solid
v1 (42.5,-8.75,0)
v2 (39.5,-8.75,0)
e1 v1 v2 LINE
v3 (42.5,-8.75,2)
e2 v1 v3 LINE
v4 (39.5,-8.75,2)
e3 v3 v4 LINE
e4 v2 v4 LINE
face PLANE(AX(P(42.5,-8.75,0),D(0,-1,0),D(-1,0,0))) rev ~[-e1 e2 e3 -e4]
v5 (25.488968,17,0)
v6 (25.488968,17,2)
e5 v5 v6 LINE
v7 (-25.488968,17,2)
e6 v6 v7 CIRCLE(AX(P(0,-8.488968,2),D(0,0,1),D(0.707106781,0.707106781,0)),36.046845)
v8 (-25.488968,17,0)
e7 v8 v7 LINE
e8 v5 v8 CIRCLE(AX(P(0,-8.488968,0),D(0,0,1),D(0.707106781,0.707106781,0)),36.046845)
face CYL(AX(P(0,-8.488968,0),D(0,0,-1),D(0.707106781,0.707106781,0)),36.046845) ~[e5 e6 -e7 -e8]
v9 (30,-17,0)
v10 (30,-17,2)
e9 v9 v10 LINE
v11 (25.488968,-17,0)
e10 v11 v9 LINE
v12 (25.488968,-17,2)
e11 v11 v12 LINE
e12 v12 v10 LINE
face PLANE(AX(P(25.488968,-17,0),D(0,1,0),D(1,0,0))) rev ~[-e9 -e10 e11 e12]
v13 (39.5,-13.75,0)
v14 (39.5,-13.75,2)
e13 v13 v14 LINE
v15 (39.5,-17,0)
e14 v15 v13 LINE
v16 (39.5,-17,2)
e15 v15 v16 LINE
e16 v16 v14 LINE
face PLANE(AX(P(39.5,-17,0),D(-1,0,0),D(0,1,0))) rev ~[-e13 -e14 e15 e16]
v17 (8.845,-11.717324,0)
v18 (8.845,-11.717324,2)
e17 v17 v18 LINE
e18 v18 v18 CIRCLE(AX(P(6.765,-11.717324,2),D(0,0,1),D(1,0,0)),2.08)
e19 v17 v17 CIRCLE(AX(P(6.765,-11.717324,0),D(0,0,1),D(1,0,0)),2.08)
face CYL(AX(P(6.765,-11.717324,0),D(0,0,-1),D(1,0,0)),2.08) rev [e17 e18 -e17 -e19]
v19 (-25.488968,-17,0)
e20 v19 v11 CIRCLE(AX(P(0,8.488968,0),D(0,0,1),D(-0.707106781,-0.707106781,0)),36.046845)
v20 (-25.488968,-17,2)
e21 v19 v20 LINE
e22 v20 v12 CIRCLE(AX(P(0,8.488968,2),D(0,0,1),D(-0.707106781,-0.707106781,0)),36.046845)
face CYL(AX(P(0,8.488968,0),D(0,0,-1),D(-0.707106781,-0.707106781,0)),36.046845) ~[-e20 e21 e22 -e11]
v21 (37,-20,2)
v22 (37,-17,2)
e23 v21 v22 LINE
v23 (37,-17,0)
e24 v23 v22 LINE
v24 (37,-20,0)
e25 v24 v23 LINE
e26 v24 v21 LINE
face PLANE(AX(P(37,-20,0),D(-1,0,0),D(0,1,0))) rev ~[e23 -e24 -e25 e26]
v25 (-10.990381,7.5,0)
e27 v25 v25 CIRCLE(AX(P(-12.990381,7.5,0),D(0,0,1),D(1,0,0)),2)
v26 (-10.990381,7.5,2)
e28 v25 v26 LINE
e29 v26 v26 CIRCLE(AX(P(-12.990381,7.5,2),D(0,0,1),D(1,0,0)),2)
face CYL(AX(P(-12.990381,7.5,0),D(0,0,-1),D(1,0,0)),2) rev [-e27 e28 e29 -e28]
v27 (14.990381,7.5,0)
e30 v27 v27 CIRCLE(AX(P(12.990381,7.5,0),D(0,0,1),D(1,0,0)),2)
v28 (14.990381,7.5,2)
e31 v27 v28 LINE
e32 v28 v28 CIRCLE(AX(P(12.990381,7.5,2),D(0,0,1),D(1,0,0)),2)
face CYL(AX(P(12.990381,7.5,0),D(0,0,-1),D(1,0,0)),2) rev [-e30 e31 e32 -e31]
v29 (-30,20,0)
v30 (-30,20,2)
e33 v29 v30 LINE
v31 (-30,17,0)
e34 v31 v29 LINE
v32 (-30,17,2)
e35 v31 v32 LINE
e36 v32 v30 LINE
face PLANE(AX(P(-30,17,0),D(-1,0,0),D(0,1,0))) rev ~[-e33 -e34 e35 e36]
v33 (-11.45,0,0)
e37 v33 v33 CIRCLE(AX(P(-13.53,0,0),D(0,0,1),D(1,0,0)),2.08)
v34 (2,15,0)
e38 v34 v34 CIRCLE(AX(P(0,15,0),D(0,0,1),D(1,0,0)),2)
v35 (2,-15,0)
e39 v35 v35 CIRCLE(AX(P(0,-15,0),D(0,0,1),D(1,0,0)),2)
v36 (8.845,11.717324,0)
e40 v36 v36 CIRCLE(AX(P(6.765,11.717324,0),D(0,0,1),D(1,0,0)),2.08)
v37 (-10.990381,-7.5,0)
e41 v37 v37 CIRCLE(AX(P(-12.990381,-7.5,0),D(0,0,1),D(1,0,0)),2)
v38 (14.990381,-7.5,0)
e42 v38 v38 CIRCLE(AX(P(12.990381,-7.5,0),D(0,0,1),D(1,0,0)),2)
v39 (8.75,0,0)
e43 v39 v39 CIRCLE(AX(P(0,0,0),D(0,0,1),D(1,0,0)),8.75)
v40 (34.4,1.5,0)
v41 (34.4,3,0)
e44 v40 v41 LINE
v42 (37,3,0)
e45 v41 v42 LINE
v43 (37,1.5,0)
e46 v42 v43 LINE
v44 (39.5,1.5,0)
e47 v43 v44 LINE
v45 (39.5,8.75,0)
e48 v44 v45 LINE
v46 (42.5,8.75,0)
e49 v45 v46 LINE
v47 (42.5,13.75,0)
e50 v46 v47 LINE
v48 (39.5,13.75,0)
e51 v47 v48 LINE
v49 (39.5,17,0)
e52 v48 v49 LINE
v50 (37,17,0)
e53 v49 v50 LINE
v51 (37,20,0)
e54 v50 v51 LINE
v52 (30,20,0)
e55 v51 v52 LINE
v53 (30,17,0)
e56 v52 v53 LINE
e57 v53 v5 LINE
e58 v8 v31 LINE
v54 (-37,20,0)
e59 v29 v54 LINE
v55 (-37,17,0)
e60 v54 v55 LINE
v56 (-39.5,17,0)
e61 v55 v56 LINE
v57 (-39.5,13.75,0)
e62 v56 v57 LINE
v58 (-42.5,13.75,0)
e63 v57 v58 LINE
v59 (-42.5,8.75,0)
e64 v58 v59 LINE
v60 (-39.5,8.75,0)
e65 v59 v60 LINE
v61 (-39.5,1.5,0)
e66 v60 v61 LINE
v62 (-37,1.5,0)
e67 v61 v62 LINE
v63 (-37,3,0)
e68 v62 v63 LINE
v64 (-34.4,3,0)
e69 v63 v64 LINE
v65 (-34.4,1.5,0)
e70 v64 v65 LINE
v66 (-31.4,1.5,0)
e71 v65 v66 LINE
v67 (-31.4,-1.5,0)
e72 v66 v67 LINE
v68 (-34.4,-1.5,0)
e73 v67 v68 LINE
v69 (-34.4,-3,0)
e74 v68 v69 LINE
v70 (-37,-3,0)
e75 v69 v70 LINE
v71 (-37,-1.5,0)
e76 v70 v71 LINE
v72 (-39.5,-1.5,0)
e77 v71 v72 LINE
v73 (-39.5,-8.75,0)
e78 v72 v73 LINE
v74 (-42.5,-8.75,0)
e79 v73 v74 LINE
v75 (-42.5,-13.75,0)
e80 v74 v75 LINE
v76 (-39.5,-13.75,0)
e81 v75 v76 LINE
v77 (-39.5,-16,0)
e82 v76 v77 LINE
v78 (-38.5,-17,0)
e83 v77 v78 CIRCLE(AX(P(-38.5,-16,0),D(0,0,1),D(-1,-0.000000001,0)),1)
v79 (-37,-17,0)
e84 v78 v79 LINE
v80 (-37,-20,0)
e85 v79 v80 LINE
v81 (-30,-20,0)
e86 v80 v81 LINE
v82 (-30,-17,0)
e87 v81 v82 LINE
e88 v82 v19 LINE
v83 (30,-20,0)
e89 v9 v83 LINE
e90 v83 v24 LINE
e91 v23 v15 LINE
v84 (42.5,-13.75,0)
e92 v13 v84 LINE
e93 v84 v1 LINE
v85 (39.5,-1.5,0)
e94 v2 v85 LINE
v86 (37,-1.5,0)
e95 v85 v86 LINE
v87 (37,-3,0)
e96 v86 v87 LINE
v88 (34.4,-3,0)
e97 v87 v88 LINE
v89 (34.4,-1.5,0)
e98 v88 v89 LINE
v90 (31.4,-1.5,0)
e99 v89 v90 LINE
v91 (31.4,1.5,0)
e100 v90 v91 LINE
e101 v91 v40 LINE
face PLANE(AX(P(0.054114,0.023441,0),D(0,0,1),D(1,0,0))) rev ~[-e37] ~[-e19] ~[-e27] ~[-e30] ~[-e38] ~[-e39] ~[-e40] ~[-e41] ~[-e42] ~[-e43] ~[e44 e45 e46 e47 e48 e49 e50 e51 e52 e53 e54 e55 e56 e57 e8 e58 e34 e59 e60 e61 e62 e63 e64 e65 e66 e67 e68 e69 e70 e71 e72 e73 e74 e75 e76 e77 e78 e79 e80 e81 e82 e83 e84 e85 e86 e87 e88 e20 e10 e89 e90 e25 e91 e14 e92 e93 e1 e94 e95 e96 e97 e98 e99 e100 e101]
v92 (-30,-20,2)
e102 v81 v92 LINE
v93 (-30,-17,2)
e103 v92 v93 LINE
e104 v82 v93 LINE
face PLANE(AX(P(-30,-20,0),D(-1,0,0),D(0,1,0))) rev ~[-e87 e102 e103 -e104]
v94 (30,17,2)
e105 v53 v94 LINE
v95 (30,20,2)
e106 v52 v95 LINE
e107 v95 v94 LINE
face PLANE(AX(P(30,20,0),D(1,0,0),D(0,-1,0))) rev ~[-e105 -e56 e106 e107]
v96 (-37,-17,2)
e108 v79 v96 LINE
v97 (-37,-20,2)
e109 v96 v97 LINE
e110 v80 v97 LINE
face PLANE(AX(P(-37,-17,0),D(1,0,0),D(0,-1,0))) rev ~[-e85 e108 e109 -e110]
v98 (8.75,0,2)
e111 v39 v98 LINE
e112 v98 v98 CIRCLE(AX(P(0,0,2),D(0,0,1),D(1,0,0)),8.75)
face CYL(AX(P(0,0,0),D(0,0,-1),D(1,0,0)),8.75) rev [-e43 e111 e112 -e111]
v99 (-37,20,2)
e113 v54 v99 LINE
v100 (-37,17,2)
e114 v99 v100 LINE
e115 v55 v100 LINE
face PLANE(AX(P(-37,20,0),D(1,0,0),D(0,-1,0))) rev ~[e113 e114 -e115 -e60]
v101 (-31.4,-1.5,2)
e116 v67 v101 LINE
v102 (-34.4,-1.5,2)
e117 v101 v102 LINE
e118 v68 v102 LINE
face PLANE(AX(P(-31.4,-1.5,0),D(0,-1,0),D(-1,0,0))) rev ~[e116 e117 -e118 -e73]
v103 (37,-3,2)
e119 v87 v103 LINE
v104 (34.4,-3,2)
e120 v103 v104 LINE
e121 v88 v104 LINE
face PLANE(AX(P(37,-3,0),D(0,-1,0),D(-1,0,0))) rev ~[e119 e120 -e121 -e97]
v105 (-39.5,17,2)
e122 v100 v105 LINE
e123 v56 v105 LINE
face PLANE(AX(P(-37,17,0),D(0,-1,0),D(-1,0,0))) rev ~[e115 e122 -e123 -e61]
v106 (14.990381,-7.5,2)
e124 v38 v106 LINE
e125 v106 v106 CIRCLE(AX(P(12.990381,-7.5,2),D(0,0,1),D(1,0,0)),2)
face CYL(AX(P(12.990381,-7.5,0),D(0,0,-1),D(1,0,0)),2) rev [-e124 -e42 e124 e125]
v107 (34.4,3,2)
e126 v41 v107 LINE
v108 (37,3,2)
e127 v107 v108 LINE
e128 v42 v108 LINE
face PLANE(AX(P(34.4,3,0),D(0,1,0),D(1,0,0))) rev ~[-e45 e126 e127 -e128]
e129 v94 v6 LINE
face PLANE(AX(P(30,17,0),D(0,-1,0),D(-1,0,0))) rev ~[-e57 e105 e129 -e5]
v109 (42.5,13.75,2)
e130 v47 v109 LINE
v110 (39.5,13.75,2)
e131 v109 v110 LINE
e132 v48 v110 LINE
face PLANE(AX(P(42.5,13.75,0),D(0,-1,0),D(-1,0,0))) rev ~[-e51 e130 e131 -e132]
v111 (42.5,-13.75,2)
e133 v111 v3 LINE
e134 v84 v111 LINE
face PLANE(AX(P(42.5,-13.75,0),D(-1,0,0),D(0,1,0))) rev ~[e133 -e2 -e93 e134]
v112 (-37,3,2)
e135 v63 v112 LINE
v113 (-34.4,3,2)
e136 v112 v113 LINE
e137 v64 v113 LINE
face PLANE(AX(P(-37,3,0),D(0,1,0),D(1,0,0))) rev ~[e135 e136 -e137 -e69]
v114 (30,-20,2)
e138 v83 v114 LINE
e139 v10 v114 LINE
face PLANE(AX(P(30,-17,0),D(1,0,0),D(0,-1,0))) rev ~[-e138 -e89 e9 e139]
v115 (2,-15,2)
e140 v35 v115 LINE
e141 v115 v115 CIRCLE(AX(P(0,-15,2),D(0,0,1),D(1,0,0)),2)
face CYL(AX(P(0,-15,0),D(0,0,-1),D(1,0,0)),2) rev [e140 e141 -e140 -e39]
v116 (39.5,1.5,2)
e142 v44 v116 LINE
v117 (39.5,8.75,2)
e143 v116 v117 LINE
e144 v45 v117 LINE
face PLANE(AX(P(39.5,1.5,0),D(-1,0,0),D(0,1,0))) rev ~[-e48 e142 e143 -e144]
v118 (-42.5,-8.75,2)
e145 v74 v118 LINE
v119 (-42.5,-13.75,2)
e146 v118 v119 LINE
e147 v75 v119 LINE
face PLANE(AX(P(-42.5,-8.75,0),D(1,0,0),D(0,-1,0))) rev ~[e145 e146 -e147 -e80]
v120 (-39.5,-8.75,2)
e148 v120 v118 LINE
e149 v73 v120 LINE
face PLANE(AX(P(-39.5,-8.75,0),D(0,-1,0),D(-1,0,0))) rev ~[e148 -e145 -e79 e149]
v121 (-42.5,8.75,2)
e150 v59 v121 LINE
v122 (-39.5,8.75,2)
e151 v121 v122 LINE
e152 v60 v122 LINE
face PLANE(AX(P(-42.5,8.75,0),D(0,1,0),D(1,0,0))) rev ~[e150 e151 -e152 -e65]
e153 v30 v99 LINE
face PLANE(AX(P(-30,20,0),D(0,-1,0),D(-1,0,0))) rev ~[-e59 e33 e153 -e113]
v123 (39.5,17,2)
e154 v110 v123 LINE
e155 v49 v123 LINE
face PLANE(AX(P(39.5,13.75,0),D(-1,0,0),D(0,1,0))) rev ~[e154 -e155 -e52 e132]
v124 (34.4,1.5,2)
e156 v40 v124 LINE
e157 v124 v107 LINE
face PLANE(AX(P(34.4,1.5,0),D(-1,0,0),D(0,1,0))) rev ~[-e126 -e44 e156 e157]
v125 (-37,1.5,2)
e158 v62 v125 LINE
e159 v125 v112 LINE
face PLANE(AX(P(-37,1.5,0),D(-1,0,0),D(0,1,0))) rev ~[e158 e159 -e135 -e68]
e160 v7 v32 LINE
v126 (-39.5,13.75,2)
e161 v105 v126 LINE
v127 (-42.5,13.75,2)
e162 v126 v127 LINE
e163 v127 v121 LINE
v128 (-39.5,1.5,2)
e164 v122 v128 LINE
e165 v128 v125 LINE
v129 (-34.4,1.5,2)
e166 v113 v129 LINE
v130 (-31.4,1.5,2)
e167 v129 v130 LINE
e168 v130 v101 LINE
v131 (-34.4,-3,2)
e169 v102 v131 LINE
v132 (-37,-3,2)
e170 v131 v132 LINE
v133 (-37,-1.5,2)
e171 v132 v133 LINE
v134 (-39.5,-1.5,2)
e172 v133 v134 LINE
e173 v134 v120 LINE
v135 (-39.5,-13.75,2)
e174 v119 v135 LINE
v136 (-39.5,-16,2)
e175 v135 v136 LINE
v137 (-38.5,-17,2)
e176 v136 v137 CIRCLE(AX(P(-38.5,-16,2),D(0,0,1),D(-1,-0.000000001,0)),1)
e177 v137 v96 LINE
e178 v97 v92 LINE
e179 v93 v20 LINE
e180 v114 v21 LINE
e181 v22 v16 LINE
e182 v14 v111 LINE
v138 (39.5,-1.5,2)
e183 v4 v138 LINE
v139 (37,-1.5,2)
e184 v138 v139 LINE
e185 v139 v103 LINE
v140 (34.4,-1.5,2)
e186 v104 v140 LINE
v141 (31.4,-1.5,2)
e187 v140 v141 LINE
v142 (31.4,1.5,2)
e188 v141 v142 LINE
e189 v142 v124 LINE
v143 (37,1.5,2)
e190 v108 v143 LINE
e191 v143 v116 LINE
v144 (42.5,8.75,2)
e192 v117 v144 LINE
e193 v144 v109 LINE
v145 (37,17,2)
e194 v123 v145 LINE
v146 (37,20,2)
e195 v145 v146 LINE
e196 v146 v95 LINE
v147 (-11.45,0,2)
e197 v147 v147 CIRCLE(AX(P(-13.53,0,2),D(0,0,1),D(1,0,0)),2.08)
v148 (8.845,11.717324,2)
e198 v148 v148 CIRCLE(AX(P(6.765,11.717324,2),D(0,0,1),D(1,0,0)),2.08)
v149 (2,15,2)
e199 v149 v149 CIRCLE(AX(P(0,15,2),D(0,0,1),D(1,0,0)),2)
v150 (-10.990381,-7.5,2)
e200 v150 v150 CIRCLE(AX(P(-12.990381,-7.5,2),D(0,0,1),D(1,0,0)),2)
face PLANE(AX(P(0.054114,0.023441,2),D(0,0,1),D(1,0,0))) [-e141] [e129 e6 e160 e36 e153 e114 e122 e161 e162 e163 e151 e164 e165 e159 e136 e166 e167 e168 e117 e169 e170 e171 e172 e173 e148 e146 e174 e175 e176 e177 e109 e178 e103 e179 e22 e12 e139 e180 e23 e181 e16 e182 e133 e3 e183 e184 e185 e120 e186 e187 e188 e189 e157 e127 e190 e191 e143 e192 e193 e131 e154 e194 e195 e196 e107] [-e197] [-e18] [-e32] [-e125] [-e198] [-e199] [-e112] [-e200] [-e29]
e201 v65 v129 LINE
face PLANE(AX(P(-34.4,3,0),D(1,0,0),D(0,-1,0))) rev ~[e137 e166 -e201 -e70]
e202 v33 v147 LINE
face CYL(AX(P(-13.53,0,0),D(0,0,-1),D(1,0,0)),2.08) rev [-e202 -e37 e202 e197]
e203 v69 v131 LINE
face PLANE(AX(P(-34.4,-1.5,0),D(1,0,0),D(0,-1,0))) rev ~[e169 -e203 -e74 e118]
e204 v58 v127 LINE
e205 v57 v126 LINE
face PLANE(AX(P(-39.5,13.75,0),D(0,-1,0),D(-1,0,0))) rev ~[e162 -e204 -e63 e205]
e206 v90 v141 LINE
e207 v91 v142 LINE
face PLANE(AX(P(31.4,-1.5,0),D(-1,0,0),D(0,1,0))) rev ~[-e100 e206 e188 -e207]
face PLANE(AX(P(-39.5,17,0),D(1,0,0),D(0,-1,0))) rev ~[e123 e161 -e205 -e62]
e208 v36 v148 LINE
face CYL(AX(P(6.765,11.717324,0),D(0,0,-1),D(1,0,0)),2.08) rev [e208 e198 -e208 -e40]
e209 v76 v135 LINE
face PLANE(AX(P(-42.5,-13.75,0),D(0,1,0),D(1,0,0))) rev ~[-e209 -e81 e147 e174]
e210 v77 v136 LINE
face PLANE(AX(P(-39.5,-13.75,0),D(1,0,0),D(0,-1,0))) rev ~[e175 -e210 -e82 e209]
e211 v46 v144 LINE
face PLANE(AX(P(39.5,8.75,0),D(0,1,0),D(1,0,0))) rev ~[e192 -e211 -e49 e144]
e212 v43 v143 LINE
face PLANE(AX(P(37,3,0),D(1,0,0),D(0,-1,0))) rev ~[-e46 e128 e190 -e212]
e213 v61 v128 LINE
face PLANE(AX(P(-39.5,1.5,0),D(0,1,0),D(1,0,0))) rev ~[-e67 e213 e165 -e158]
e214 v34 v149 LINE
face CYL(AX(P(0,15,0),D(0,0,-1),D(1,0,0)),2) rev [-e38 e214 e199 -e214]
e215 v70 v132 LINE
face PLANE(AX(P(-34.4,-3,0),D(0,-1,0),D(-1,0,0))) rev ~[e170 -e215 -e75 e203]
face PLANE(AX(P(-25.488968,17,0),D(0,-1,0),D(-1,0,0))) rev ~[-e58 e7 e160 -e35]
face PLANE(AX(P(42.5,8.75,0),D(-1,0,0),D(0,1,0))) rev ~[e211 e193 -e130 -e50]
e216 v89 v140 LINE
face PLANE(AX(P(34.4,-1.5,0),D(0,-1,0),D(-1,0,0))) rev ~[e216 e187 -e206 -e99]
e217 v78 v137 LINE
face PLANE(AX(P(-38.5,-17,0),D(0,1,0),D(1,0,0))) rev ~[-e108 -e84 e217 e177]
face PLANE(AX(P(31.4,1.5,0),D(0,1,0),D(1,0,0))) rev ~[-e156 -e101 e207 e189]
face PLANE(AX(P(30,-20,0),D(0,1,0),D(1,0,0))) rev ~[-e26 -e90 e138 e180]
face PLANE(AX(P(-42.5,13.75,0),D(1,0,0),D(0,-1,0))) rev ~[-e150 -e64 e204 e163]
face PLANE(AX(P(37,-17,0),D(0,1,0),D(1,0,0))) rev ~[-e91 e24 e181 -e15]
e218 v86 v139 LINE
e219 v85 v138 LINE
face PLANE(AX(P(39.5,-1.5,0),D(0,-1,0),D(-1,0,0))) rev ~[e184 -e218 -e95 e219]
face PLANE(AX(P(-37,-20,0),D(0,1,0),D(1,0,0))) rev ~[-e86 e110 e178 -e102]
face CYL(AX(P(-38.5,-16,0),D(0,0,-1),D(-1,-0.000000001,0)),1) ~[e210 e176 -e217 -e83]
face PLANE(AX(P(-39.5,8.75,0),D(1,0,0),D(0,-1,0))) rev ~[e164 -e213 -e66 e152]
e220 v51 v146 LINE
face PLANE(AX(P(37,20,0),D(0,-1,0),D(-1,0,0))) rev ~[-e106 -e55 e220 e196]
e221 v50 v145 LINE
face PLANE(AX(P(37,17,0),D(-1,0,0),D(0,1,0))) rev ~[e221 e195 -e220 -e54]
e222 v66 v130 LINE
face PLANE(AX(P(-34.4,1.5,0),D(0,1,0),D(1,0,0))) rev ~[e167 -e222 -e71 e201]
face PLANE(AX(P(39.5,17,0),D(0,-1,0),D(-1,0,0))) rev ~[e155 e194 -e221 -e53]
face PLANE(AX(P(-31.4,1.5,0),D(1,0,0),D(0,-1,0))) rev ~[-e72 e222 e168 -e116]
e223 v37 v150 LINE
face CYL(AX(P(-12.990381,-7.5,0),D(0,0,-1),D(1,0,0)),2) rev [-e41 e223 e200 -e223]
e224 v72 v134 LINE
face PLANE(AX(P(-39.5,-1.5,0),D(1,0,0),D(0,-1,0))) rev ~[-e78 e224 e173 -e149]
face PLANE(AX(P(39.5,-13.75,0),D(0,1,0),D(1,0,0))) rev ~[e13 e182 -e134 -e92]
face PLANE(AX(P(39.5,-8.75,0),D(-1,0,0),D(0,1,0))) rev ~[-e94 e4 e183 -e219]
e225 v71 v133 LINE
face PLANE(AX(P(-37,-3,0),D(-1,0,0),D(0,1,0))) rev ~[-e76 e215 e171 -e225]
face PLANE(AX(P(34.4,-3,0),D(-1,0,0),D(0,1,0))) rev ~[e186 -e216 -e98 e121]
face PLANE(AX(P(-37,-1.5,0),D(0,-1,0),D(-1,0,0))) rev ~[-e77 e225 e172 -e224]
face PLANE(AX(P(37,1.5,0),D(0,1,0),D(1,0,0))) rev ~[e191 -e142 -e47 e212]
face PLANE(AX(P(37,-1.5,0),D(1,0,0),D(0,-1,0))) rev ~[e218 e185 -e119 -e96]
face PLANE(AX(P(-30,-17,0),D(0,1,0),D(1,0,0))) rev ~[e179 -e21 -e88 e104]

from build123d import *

# Parameters (mm, degrees)
SKETCH_1_R      = 2
SKETCH_1_R_2    = 2.08
SKETCH_1_R_3    = 8.75
EXTRUDE_2_DEPTH = 2


with BuildPart() as part:
    # 草图1 → 凸台-拉伸2 (new body)
    with BuildSketch(Plane.XY):
        with BuildLine():
            Line((-39.5, -13.75), (-39.5, -16))
            ThreePointArc((-39.5, -16), (-39.207106781, -16.707106781), (-38.5, -17))
            Line((-38.5, -17), (-37, -17))
            Line((-37, -17), (-37, -20))
            Line((-37, -20), (-30, -20))
            Line((-30, -20), (-30, -17))
            Line((-30, -17), (-25.488968202, -17))
            ThreePointArc((-25.488968202, -17), (0, -27.55787632), (25.488968202, -17))
            Line((25.488968202, -17), (30, -17))
            Line((30, -17), (30, -20))
            Line((30, -20), (37, -20))
            Line((37, -20), (37, -17))
            Line((37, -17), (39.5, -17))
            Line((39.5, -17), (39.5, -13.75))
            Line((39.5, -13.75), (42.5, -13.75))
            Line((42.5, -13.75), (42.5, -8.75))
            Line((42.5, -8.75), (39.5, -8.75))
            Line((39.5, -8.75), (39.5, -1.5))
            Line((39.5, -1.5), (37, -1.5))
            Line((37, -1.5), (37, -3))
            Line((37, -3), (34.4, -3))
            Line((34.4, -3), (34.4, -1.5))
            Line((34.4, -1.5), (31.4, -1.5))
            Line((31.4, -1.5), (31.4, 1.5))
            Line((31.4, 1.5), (34.4, 1.5))
            Line((34.4, 1.5), (34.4, 3))
            Line((34.4, 3), (37, 3))
            Line((37, 3), (37, 1.5))
            Line((37, 1.5), (39.5, 1.5))
            Line((39.5, 1.5), (39.5, 8.75))
            Line((39.5, 8.75), (42.5, 8.75))
            Line((42.5, 8.75), (42.5, 13.75))
            Line((42.5, 13.75), (39.5, 13.75))
            Line((39.5, 13.75), (39.5, 17))
            Line((39.5, 17), (37, 17))
            Line((37, 17), (37, 20))
            Line((37, 20), (30, 20))
            Line((30, 20), (30, 17))
            Line((30, 17), (25.488968202, 17))
            ThreePointArc((25.488968202, 17), (0, 27.55787632), (-25.488968202, 17))
            Line((-25.488968202, 17), (-30, 17))
            Line((-30, 17), (-30, 20))
            Line((-30, 20), (-37, 20))
            Line((-37, 20), (-37, 17))
            Line((-37, 17), (-39.5, 17))
            Line((-39.5, 17), (-39.5, 13.75))
            Line((-39.5, 13.75), (-42.5, 13.75))
            Line((-42.5, 13.75), (-42.5, 8.75))
            Line((-42.5, 8.75), (-39.5, 8.75))
            Line((-39.5, 8.75), (-39.5, 1.5))
            Line((-39.5, 1.5), (-37, 1.5))
            Line((-37, 1.5), (-37, 3))
            Line((-37, 3), (-34.4, 3))
            Line((-34.4, 3), (-34.4, 1.5))
            Line((-34.4, 1.5), (-31.4, 1.5))
            Line((-31.4, 1.5), (-31.4, -1.5))
            Line((-31.4, -1.5), (-34.4, -1.5))
            Line((-34.4, -1.5), (-34.4, -3))
            Line((-34.4, -3), (-37, -3))
            Line((-37, -3), (-37, -1.5))
            Line((-37, -1.5), (-39.5, -1.5))
            Line((-39.5, -1.5), (-39.5, -8.75))
            Line((-39.5, -8.75), (-42.5, -8.75))
            Line((-42.5, -8.75), (-42.5, -13.75))
            Line((-42.5, -13.75), (-39.5, -13.75))
        make_face()
        with Locations((0, -15)):
            Circle(SKETCH_1_R, mode=Mode.SUBTRACT)
        with Locations((-12.990381057, -7.5)):
            Circle(SKETCH_1_R, mode=Mode.SUBTRACT)
        with Locations((-12.990381057, 7.5)):
            Circle(SKETCH_1_R, mode=Mode.SUBTRACT)
        with Locations((0, 15)):
            Circle(SKETCH_1_R, mode=Mode.SUBTRACT)
        with Locations((12.990381057, 7.5)):
            Circle(SKETCH_1_R, mode=Mode.SUBTRACT)
        with Locations((12.990381057, -7.5)):
            Circle(SKETCH_1_R, mode=Mode.SUBTRACT)
        with Locations((-13.53, 0)):
            Circle(SKETCH_1_R_2, mode=Mode.SUBTRACT)
        with Locations((6.765, 11.717323713)):
            Circle(SKETCH_1_R_2, mode=Mode.SUBTRACT)
        with Locations((6.765, -11.717323713)):
            Circle(SKETCH_1_R_2, mode=Mode.SUBTRACT)
        Circle(SKETCH_1_R_3, mode=Mode.SUBTRACT)
    extrude(amount=EXTRUDE_2_DEPTH)


solid = part.part
